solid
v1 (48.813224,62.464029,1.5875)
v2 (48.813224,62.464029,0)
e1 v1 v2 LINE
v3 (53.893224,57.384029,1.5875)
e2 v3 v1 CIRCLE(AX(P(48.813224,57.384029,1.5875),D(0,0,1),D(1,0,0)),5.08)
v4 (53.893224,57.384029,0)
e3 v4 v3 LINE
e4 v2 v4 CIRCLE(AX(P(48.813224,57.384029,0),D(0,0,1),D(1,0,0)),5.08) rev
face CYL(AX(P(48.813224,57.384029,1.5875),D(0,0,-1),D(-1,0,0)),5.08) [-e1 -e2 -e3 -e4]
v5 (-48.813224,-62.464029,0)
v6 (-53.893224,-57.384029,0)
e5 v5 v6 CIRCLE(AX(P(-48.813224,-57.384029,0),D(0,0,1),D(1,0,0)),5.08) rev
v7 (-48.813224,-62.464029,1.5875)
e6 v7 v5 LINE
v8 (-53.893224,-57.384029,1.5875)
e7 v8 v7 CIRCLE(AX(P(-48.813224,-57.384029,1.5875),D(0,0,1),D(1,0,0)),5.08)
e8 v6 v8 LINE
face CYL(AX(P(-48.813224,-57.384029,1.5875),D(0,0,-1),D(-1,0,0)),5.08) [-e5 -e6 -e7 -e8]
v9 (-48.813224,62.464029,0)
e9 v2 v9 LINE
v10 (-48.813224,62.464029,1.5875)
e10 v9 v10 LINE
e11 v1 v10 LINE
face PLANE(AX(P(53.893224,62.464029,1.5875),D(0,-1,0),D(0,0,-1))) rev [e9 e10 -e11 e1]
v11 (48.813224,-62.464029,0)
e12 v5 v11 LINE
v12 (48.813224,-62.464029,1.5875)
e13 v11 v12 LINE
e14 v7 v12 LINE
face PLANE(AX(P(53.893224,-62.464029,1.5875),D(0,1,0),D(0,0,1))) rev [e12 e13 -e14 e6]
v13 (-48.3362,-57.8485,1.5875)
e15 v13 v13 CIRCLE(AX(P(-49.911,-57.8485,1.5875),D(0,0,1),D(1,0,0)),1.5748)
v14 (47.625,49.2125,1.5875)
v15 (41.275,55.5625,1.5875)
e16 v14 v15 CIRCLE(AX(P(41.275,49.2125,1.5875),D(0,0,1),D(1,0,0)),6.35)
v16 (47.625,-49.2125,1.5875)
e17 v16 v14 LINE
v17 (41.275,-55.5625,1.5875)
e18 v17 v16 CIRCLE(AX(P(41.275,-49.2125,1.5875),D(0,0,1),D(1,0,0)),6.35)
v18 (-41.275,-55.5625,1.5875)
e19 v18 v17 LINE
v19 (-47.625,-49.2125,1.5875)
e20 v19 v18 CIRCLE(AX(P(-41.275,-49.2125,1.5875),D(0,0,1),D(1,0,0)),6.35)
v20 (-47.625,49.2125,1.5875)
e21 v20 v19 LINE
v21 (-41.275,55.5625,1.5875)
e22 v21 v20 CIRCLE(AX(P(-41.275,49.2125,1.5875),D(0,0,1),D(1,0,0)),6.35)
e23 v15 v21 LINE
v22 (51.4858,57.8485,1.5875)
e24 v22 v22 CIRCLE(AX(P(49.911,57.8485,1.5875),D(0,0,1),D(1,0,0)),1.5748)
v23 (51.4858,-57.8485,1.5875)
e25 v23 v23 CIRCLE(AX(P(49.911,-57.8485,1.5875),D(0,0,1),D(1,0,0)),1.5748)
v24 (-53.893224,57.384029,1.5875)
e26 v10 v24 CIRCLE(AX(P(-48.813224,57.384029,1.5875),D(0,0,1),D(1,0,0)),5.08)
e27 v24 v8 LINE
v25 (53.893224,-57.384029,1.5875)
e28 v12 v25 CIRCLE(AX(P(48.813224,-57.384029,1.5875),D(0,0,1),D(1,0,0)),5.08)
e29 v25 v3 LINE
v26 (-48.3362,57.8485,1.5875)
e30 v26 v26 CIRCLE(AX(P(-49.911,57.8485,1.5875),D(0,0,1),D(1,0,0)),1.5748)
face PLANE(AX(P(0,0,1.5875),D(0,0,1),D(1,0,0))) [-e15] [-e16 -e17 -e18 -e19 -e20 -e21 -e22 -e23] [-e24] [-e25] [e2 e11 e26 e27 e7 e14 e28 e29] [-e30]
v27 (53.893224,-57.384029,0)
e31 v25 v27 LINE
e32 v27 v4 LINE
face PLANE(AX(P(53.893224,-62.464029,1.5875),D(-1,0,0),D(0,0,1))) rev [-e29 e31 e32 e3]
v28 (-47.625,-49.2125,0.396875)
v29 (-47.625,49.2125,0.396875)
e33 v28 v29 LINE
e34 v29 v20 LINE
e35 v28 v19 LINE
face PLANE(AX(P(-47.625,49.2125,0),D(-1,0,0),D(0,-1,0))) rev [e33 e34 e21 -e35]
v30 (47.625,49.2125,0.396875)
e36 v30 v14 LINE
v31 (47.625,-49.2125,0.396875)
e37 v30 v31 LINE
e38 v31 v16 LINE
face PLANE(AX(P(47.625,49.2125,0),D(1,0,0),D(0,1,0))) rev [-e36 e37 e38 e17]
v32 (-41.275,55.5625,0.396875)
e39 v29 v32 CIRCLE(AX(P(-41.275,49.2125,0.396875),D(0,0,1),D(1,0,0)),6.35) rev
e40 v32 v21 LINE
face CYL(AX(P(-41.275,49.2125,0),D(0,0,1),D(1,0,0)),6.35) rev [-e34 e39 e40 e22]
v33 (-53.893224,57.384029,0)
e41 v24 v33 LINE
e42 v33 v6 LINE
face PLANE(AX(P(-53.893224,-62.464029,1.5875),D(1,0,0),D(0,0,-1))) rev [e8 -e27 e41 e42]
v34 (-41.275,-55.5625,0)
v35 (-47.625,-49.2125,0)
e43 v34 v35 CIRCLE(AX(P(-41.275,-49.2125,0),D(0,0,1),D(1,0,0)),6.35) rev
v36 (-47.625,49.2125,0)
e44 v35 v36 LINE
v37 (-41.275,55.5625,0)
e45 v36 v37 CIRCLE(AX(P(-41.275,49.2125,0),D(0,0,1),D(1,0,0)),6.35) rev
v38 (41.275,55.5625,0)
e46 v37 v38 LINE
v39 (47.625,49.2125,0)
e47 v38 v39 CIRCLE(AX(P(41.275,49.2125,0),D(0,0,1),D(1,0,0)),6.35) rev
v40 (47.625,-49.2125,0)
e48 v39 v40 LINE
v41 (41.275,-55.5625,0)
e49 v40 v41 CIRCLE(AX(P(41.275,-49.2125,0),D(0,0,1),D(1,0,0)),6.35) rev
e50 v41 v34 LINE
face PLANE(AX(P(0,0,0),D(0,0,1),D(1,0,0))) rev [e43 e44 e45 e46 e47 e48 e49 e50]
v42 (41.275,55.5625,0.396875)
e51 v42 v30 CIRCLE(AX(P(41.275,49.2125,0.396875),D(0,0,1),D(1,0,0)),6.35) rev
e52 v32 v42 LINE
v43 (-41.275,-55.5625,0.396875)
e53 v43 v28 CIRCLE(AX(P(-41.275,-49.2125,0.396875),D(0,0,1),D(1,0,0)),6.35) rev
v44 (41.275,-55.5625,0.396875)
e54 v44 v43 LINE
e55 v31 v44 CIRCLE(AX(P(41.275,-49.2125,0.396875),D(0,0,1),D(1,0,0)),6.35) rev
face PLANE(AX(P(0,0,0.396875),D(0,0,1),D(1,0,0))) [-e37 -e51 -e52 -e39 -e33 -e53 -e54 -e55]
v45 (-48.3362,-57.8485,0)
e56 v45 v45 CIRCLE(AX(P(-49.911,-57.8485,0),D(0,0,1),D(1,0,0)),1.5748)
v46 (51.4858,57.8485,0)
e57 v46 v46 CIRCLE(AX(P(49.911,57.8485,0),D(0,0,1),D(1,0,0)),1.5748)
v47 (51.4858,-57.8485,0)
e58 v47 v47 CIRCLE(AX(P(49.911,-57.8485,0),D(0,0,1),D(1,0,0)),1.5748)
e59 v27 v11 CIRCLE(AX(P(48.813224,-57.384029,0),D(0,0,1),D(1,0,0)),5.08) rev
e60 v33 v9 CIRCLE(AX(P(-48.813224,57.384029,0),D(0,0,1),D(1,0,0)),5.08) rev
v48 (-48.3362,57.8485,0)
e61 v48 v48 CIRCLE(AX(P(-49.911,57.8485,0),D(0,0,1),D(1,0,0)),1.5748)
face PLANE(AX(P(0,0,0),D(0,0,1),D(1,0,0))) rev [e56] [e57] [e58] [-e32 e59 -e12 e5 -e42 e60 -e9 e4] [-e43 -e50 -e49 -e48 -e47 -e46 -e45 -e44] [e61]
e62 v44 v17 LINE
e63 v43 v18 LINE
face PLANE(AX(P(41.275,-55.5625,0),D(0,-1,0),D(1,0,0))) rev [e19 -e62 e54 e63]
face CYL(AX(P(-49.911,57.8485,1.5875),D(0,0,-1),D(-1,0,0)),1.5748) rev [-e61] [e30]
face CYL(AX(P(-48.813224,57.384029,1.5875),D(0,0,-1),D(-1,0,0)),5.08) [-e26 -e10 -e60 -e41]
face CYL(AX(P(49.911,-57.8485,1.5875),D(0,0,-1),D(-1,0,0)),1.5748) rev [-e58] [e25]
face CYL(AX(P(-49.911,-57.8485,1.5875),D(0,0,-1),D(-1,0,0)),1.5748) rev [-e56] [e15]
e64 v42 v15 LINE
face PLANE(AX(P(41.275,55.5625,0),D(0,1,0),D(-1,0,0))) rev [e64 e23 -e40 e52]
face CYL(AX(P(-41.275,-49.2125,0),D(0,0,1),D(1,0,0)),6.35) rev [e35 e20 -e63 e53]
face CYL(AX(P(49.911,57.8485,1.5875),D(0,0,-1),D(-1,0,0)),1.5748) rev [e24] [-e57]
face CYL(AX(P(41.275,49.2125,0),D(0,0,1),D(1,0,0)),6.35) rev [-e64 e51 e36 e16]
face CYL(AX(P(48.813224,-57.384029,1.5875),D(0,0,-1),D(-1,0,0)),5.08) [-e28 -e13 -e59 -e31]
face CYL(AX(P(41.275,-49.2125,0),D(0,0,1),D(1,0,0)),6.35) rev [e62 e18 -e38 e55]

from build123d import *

# Parameters (mm, degrees)
SKETCH1_W           = 107.786447668
SKETCH1_H           = 124.928058302
SKETCH1_R           = 1.5748
BOSS_EXTRUDE1_DEPTH = 1.5875
FILLET1_R           = 5.08
CUT_EXTRUDE1_DEPTH  = 83.515178417
SKETCH6_W           = 95.25
SKETCH6_H           = 111.125
BOSS_EXTRUDE2_DEPTH = 0.396875


with BuildPart() as part:
    # Sketch1 → Boss-Extrude1 (new body)
    with BuildSketch(Plane.XY):
        Rectangle(SKETCH1_W, SKETCH1_H)
        with Locations((-49.911, 57.8485)):
            Circle(SKETCH1_R, mode=Mode.SUBTRACT)
        with Locations((49.911, 57.8485)):
            Circle(SKETCH1_R, mode=Mode.SUBTRACT)
        with Locations((49.911, -57.8485)):
            Circle(SKETCH1_R, mode=Mode.SUBTRACT)
        with Locations((-49.911, -57.8485)):
            Circle(SKETCH1_R, mode=Mode.SUBTRACT)
    extrude(amount=BOSS_EXTRUDE1_DEPTH)

    # Fillet1
    fillet1_edges = [part.edges().sort_by_distance(p)[0] for p in [
        (-53.893223834, 62.464029151, 0.79375),
        (53.893223834, 62.464029151, 0.79375),
        (53.893223834, -62.464029151, 0.79375),
        (-53.893223834, -62.464029151, 0.79375),
    ]]
    fillet(fillet1_edges, radius=FILLET1_R)

    # Sketch4 → Cut-Extrude1 (cut, through all)
    with BuildSketch(Plane.XY.offset(1.5875)):
        with BuildLine():
            Line((41.275, 55.5625), (-41.275, 55.5625))
            ThreePointArc((-41.275, 55.5625), (-45.765128061, 53.702628061), (-47.625, 49.2125))
            Line((-47.625, 49.2125), (-47.625, -49.2125))
            ThreePointArc((-47.625, -49.2125), (-45.765128061, -53.702628061), (-41.275, -55.5625))
            Line((-41.275, -55.5625), (41.275, -55.5625))
            ThreePointArc((41.275, -55.5625), (45.765128061, -53.702628061), (47.625, -49.2125))
            Line((47.625, -49.2125), (47.625, 49.2125))
            ThreePointArc((47.625, 49.2125), (45.765128061, 53.702628061), (41.275, 55.5625))
        make_face()
    extrude(amount=-CUT_EXTRUDE1_DEPTH, mode=Mode.SUBTRACT)

    # Sketch6 → Boss-Extrude2 (add)
    with BuildSketch(Plane(origin=(0, 0, 0), x_dir=(-1, 0, 0), z_dir=(0, 0, -1))):
        Rectangle(SKETCH6_W, SKETCH6_H)
    extrude(amount=-BOSS_EXTRUDE2_DEPTH)


solid = part.part
